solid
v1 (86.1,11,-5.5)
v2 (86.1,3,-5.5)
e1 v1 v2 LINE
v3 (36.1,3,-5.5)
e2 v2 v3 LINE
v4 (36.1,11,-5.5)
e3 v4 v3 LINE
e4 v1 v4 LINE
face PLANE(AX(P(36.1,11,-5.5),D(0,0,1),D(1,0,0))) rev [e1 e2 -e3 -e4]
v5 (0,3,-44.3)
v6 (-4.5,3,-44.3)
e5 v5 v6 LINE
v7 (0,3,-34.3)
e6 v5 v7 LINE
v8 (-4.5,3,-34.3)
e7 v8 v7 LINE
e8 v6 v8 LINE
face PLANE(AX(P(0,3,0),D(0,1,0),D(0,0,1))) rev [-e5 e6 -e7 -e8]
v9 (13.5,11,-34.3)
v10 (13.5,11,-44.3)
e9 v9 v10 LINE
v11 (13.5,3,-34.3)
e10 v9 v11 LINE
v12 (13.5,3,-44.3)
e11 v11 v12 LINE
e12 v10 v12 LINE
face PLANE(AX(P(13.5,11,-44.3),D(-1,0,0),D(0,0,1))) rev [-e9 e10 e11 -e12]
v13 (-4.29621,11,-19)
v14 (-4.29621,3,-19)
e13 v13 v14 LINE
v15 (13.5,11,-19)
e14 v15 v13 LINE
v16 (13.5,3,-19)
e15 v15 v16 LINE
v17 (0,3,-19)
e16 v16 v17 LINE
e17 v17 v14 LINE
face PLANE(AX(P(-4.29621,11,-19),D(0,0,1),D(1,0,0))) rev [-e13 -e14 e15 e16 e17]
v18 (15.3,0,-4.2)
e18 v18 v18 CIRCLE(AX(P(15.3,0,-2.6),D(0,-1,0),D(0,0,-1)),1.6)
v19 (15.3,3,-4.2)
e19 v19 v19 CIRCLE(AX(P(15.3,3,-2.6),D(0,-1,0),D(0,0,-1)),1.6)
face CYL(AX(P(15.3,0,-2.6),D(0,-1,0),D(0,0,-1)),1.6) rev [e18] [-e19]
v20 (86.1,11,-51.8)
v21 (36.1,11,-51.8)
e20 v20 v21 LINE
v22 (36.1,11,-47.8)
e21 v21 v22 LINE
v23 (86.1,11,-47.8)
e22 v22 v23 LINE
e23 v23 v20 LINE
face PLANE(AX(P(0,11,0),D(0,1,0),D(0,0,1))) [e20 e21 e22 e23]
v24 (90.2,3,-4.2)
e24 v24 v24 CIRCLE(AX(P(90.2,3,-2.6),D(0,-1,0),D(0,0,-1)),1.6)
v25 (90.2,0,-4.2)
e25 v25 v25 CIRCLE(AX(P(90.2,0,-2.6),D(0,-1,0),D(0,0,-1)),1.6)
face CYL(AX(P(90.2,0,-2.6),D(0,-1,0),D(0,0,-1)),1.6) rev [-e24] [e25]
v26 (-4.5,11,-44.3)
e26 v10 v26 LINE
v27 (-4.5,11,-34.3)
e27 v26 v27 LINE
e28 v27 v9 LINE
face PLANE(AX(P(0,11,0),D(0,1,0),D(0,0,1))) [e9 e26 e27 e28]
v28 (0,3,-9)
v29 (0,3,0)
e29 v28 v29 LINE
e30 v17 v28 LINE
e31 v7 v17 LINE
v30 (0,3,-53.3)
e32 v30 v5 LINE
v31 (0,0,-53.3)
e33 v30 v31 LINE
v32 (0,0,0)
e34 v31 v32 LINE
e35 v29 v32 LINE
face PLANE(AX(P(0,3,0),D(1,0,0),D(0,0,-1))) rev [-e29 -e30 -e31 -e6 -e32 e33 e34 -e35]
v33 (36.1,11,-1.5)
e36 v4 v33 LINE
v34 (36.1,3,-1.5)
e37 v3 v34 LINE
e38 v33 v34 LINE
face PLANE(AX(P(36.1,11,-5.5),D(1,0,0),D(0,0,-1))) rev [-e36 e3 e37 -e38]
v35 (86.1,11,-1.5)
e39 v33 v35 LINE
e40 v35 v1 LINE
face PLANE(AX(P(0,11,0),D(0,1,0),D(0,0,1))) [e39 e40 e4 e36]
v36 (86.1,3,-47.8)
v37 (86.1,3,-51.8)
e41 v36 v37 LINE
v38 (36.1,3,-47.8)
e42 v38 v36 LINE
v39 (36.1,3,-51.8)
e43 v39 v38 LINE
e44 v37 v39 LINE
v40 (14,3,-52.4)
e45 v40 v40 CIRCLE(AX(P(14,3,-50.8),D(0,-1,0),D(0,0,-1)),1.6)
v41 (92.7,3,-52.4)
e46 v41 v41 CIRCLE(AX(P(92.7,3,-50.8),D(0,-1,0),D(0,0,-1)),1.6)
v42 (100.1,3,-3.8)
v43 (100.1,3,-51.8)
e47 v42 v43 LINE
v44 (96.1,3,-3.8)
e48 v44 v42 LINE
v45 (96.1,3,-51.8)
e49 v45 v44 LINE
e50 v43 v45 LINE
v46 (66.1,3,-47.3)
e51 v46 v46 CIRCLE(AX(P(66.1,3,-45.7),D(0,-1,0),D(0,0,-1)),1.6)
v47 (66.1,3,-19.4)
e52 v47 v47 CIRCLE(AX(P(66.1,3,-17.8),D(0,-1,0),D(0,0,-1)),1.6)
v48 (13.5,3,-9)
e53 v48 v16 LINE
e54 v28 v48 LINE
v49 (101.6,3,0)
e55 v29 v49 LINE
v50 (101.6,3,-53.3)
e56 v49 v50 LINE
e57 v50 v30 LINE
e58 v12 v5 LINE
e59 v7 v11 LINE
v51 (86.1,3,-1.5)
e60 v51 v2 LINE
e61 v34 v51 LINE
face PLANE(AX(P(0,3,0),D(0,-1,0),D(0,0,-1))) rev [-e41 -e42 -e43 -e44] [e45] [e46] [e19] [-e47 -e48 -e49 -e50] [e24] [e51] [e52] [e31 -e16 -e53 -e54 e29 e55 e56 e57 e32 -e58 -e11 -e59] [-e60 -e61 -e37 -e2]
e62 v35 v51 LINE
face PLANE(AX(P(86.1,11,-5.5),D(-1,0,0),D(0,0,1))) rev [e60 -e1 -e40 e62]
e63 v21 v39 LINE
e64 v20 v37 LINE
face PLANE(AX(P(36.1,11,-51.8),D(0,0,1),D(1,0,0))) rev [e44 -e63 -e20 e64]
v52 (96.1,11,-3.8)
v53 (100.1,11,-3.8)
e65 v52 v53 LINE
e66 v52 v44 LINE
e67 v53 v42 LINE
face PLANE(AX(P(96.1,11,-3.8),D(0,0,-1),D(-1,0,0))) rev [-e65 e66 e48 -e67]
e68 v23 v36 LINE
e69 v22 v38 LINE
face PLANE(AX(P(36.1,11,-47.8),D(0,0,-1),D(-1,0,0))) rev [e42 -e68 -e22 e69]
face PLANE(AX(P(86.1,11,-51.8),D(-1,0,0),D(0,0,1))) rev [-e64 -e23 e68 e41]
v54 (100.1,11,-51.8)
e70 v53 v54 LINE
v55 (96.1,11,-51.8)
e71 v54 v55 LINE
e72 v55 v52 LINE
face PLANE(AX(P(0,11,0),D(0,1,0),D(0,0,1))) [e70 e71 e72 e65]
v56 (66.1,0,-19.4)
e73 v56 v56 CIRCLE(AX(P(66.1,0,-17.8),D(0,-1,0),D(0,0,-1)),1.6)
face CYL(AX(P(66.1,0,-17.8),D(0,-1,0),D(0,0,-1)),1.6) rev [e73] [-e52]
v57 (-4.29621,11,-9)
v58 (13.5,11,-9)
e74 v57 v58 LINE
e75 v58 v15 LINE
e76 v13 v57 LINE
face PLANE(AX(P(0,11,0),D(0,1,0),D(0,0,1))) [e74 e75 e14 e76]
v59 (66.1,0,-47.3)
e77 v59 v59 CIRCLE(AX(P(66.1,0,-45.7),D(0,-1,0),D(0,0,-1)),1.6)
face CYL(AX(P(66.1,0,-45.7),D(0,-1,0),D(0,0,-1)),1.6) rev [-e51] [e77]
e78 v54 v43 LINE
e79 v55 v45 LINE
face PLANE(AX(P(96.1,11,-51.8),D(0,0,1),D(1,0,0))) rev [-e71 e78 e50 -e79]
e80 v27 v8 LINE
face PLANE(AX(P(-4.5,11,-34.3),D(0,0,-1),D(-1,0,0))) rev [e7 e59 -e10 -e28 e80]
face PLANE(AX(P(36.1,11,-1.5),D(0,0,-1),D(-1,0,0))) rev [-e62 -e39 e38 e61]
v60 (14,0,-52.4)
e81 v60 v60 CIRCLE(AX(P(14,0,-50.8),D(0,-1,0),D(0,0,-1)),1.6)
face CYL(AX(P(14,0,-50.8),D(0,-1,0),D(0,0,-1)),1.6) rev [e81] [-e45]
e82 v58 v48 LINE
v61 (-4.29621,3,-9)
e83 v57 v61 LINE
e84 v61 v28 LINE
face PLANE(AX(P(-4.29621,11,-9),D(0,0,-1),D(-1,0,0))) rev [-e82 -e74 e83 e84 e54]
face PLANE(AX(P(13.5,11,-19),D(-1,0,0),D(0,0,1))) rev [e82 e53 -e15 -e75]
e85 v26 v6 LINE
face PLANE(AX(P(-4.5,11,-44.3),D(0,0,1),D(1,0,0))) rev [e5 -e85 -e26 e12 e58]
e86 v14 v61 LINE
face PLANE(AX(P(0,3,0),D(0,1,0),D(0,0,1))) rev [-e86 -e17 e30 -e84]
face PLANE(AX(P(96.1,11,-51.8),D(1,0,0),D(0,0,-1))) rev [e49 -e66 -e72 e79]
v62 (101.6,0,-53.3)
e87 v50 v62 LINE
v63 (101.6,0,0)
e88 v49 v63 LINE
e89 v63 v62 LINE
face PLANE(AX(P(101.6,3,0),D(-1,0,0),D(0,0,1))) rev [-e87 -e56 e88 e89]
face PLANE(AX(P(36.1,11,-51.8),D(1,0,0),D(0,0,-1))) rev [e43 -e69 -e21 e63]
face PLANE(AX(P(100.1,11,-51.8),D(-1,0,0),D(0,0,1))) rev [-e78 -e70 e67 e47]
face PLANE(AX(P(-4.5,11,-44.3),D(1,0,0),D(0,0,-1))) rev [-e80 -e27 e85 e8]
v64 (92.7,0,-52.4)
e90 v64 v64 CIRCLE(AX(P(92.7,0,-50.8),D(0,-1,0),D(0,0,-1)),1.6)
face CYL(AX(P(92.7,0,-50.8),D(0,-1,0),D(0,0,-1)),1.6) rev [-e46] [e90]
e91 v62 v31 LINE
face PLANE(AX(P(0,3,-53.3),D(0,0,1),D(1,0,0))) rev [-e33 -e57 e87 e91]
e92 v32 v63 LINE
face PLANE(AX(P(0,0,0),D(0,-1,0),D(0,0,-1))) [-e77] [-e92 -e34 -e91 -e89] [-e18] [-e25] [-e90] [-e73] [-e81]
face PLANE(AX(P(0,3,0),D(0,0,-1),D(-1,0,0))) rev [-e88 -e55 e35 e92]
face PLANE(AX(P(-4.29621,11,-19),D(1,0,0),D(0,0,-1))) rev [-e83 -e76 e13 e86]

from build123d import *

# Parameters (mm, degrees)
SKETCH1_W            = 101.6
SKETCH1_H            = 53.3
BOSS_EXTRUDE1_DEPTH  = 3
SKETCH2_W            = 50
SKETCH2_H            = 4
SKETCH2_W_2          = 4
SKETCH2_H_2          = 48
SKETCH2_W_3          = 18
SKETCH2_H_3          = 10
SKETCH2_W_4          = 17.796210121
BOSS_EXTRUDE2_DEPTH  = 8
M3_CLEARANCE_HOLE1_D = 3.2


with BuildPart() as part:
    # Sketch1 → Boss-Extrude1 (new body)
    with BuildSketch(Plane(origin=(0, 0, 0), x_dir=(1, 0, 0), z_dir=(0, 1, 0))):
        with Locations((50.8, 26.65)):
            Rectangle(SKETCH1_W, SKETCH1_H)
    extrude(amount=BOSS_EXTRUDE1_DEPTH)

    # Sketch2 → Boss-Extrude2 (add)
    with BuildSketch(Plane(origin=(0, 3, 0), x_dir=(1, 0, 0), z_dir=(0, 1, 0))):
        with Locations((61.1, 49.8)):
            Rectangle(SKETCH2_W, SKETCH2_H)
        with Locations((98.1, 27.8)):
            Rectangle(SKETCH2_W_2, SKETCH2_H_2)
        with Locations((61.1, 3.5)):
            Rectangle(SKETCH2_W, SKETCH2_H)
        with Locations((4.5, 39.3)):
            Rectangle(SKETCH2_W_3, SKETCH2_H_3)
        with Locations((4.601894939, 14)):
            Rectangle(SKETCH2_W_4, SKETCH2_H_3)
    extrude(amount=BOSS_EXTRUDE2_DEPTH)

    # M3 Clearance Hole1 (through all)
    with Locations(Plane(origin=(0, 0, 0), x_dir=(-1, 0, 0), z_dir=(0, -1, 0))):
        with Locations((-14, 50.8), (-66.1, 45.7), (-66.1, 17.8), (-92.7, 50.8), (-15.3, 2.6), (-90.2, 2.6)):
            Hole(M3_CLEARANCE_HOLE1_D / 2)


solid = part.part
